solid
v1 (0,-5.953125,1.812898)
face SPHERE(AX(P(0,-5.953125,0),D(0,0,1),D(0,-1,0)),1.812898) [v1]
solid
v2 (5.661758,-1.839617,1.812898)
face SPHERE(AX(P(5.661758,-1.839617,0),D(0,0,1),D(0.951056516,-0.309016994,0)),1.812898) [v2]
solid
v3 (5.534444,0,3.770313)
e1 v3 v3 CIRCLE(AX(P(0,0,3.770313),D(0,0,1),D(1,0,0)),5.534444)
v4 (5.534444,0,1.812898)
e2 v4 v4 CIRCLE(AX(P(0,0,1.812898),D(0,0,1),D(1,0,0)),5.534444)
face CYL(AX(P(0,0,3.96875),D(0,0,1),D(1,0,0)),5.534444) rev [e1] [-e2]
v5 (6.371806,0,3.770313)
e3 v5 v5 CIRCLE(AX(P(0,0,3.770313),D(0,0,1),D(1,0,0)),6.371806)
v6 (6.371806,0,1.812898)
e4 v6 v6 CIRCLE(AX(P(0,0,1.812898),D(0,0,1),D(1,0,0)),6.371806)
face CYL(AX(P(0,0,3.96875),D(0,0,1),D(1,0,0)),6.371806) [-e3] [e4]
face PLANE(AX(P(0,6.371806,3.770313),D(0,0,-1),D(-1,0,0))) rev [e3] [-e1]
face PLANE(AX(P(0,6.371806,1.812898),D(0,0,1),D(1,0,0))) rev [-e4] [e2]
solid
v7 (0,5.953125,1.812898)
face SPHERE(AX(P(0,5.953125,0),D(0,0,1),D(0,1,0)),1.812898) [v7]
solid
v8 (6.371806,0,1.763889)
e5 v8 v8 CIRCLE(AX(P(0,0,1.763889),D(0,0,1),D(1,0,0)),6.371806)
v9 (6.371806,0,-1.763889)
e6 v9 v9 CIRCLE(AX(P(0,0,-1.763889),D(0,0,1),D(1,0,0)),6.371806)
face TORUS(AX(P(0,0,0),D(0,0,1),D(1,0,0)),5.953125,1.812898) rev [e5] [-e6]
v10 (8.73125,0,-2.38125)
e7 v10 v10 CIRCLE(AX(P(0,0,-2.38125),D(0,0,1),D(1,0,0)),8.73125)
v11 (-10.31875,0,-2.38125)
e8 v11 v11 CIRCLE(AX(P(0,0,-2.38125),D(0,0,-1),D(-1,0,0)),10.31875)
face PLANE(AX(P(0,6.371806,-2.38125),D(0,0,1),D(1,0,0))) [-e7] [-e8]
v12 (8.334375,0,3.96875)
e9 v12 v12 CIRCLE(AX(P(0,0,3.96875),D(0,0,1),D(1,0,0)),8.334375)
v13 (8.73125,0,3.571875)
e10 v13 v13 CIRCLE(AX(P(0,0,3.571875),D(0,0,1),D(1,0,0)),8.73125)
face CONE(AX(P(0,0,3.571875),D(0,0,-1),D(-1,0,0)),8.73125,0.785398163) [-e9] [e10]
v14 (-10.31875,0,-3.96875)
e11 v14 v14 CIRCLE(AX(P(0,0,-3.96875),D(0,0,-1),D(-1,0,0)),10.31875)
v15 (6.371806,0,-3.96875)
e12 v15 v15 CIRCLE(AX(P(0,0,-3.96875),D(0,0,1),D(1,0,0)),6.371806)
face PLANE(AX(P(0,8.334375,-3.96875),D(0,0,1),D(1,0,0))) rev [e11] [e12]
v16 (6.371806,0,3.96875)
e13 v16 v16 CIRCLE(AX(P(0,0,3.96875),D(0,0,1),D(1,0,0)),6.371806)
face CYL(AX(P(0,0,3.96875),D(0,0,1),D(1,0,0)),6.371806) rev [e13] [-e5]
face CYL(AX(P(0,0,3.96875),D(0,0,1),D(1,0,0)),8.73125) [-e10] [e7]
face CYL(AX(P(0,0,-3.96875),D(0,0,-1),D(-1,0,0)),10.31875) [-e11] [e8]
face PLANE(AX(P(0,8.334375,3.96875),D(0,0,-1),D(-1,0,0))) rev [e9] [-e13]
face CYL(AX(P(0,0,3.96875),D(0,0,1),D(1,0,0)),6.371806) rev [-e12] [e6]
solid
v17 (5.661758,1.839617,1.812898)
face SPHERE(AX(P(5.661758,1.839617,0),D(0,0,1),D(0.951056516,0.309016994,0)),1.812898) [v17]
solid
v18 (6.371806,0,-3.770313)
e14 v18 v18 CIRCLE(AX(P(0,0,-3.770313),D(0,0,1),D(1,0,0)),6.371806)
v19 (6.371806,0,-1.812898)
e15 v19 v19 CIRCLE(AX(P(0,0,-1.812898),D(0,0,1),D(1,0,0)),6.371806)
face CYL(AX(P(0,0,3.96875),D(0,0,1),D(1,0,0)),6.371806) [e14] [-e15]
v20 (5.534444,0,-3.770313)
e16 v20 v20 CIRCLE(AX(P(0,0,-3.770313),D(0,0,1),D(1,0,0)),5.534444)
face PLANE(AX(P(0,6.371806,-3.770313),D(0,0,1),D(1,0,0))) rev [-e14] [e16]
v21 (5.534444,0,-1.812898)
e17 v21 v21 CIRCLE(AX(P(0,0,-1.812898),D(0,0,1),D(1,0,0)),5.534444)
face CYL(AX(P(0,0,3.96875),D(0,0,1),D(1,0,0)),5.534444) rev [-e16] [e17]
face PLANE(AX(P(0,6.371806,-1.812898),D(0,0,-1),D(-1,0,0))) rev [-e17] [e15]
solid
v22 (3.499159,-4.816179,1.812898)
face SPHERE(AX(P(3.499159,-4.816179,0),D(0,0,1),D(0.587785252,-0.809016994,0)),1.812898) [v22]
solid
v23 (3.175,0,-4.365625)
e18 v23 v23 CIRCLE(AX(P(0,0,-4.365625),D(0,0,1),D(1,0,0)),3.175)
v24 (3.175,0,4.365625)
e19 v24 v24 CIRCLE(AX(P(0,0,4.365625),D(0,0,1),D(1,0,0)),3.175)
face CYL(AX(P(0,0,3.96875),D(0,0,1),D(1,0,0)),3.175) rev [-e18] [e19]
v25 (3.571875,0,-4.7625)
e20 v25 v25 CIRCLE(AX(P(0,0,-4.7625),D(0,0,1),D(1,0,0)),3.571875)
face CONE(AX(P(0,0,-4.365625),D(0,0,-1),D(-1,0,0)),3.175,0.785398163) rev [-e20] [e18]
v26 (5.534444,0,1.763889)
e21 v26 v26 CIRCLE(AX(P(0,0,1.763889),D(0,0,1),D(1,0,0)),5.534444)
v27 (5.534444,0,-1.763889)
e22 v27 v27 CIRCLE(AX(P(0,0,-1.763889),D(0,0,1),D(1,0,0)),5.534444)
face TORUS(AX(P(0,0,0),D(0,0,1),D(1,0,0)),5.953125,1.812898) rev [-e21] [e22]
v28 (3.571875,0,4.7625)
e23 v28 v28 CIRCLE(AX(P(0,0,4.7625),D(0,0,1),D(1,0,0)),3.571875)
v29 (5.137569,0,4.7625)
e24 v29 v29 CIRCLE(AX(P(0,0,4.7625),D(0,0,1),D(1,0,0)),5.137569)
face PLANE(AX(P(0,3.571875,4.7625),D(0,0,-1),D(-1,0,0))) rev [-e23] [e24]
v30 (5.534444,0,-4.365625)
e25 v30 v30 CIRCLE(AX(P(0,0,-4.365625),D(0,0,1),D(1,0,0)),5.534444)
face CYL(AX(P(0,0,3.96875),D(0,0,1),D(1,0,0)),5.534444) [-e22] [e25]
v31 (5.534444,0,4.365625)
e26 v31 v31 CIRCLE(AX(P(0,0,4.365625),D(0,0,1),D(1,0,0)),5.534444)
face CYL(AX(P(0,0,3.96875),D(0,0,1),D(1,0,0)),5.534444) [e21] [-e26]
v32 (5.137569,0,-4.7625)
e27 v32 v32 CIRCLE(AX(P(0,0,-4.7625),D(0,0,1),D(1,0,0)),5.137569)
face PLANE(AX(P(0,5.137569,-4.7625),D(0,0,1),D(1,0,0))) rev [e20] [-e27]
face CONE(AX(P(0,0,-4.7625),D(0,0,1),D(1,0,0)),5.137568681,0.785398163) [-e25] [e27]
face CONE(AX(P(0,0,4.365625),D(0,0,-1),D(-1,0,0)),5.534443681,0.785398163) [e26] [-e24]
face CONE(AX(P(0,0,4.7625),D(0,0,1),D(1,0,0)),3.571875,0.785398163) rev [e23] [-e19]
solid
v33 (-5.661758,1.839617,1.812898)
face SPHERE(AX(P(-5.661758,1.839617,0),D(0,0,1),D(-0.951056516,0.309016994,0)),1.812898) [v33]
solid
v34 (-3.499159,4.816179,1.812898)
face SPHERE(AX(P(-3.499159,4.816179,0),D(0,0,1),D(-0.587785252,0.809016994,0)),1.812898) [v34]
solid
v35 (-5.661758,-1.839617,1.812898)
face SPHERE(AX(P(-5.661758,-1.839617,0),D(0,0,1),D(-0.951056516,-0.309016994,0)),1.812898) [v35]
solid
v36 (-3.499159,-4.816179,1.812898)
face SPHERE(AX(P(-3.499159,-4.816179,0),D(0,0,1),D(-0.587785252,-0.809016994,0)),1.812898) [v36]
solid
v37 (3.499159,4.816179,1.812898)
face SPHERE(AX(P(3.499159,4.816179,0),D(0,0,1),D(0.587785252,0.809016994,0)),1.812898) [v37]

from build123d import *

# Parameters (mm, degrees)
CIRPATTERN1_COUNT = 10
SKETCH5_W         = 1.957414803
SKETCH5_H         = 0.837362638
SKETCH6_W         = 1.5875
SKETCH6_H         = 3.946943681


with BuildPart() as part:
    # Sketch1 → Revolve1 (revolve)
    with BuildSketch(Plane(origin=(0, 0, 0), x_dir=(0, 0, -1), z_dir=(1, 0, 0))):
        with BuildLine():
            Line((3.571875, 8.73125), (-3.571875, 8.73125))
            Line((-3.571875, 8.73125), (-3.96875, 8.334375))
            Line((-3.96875, 8.334375), (-3.96875, 6.371806319))
            Line((-3.96875, 6.371806319), (-1.763888889, 6.371806319))
            ThreePointArc((-1.763888889, 6.371806319), (0, 7.766022697), (1.763888889, 6.371806319))
            Line((1.763888889, 6.371806319), (3.96875, 6.371806319))
            Line((3.96875, 6.371806319), (3.96875, 8.334375))
            Line((3.96875, 8.334375), (3.571875, 8.73125))
        make_face()
    revolve(axis=Axis((0, 0, 3.96875), (0, 0, -1)))

    # Sketch6 → Revolve6 (revolve)
    with BuildSketch(Plane(origin=(0, 0, 0), x_dir=(0, 0, -1), z_dir=(1, 0, 0))):
        with Locations((3.175, 8.34527816)):
            Rectangle(SKETCH6_W, SKETCH6_H)
    revolve(axis=Axis((0, 0, -3.96875), (0, 0, 1)))


with BuildPart() as body_2:
    # Sketch3 → Revolve3 (revolve)
    with BuildSketch(Plane(origin=(0, 0, 0), x_dir=(0, 0, -1), z_dir=(1, 0, 0))):
        with BuildLine():
            Line((-4.7625, 3.571875), (-4.7625, 5.137568681))
            Line((-4.7625, 5.137568681), (-4.365625, 5.534443681))
            Line((-4.365625, 5.534443681), (-1.763888889, 5.534443681))
            ThreePointArc((-1.763888889, 5.534443681), (0, 4.140227303), (1.763888889, 5.534443681))
            Line((1.763888889, 5.534443681), (4.365625, 5.534443681))
            Line((4.365625, 5.534443681), (4.7625, 5.137568681))
            Line((4.7625, 5.137568681), (4.7625, 3.571875))
            Line((4.7625, 3.571875), (4.365625, 3.175))
            Line((4.365625, 3.175), (-4.365625, 3.175))
            Line((-4.365625, 3.175), (-4.7625, 3.571875))
        make_face()
    revolve(axis=Axis((0, 0, 3.96875), (0, 0, -1)))


with BuildPart() as body_3:
    # Sketch4 → Revolve4 (revolve)
    with BuildSketch(Plane(origin=(0, 0, 0), x_dir=(0, 0, -1), z_dir=(1, 0, 0))):
        with BuildLine():
            Line((-1.812897697, 5.953125), (1.812897697, 5.953125))
            ThreePointArc((1.812897697, 5.953125), (0, 7.766022697), (-1.812897697, 5.953125))
        make_face()
    revolve(axis=Axis((0, 5.953125, 1.812897697), (0, 0, -1)))


with BuildPart() as cirpattern1_1:
    # CirPattern1: pattern copy
    add(body_3.part.rotate(Axis((0, 0, -3.96875), (0, 0, 1)), 1 * 360 / CIRPATTERN1_COUNT))


with BuildPart() as cirpattern1_2:
    # CirPattern1: pattern copy
    add(body_3.part.rotate(Axis((0, 0, -3.96875), (0, 0, 1)), 2 * 360 / CIRPATTERN1_COUNT))


with BuildPart() as cirpattern1_3:
    # CirPattern1: pattern copy
    add(body_3.part.rotate(Axis((0, 0, -3.96875), (0, 0, 1)), 3 * 360 / CIRPATTERN1_COUNT))


with BuildPart() as cirpattern1_4:
    # CirPattern1: pattern copy
    add(body_3.part.rotate(Axis((0, 0, -3.96875), (0, 0, 1)), 4 * 360 / CIRPATTERN1_COUNT))


with BuildPart() as cirpattern1_5:
    # CirPattern1: pattern copy
    add(body_3.part.rotate(Axis((0, 0, -3.96875), (0, 0, 1)), 5 * 360 / CIRPATTERN1_COUNT))


with BuildPart() as cirpattern1_6:
    # CirPattern1: pattern copy
    add(body_3.part.rotate(Axis((0, 0, -3.96875), (0, 0, 1)), 6 * 360 / CIRPATTERN1_COUNT))


with BuildPart() as cirpattern1_7:
    # CirPattern1: pattern copy
    add(body_3.part.rotate(Axis((0, 0, -3.96875), (0, 0, 1)), 7 * 360 / CIRPATTERN1_COUNT))


with BuildPart() as cirpattern1_8:
    # CirPattern1: pattern copy
    add(body_3.part.rotate(Axis((0, 0, -3.96875), (0, 0, 1)), 8 * 360 / CIRPATTERN1_COUNT))


with BuildPart() as cirpattern1_9:
    # CirPattern1: pattern copy
    add(body_3.part.rotate(Axis((0, 0, -3.96875), (0, 0, 1)), 9 * 360 / CIRPATTERN1_COUNT))


with BuildPart() as body_13:
    # Sketch5 → Revolve5 (revolve)
    with BuildSketch(Plane(origin=(0, 0, 0), x_dir=(0, 0, -1), z_dir=(1, 0, 0))):
        with Locations((-2.791605099, 5.953125)):
            Rectangle(SKETCH5_W, SKETCH5_H)
        with Locations((2.791605099, 5.953125)):
            Rectangle(SKETCH5_W, SKETCH5_H)
    revolve(axis=Axis((0, 0, 3.96875), (0, 0, -1)))


solid = Compound([part.part, body_2.part, body_3.part, cirpattern1_1.part, cirpattern1_2.part, cirpattern1_3.part, cirpattern1_4.part, cirpattern1_5.part, cirpattern1_6.part, cirpattern1_7.part, cirpattern1_8.part, cirpattern1_9.part, body_13.part])
